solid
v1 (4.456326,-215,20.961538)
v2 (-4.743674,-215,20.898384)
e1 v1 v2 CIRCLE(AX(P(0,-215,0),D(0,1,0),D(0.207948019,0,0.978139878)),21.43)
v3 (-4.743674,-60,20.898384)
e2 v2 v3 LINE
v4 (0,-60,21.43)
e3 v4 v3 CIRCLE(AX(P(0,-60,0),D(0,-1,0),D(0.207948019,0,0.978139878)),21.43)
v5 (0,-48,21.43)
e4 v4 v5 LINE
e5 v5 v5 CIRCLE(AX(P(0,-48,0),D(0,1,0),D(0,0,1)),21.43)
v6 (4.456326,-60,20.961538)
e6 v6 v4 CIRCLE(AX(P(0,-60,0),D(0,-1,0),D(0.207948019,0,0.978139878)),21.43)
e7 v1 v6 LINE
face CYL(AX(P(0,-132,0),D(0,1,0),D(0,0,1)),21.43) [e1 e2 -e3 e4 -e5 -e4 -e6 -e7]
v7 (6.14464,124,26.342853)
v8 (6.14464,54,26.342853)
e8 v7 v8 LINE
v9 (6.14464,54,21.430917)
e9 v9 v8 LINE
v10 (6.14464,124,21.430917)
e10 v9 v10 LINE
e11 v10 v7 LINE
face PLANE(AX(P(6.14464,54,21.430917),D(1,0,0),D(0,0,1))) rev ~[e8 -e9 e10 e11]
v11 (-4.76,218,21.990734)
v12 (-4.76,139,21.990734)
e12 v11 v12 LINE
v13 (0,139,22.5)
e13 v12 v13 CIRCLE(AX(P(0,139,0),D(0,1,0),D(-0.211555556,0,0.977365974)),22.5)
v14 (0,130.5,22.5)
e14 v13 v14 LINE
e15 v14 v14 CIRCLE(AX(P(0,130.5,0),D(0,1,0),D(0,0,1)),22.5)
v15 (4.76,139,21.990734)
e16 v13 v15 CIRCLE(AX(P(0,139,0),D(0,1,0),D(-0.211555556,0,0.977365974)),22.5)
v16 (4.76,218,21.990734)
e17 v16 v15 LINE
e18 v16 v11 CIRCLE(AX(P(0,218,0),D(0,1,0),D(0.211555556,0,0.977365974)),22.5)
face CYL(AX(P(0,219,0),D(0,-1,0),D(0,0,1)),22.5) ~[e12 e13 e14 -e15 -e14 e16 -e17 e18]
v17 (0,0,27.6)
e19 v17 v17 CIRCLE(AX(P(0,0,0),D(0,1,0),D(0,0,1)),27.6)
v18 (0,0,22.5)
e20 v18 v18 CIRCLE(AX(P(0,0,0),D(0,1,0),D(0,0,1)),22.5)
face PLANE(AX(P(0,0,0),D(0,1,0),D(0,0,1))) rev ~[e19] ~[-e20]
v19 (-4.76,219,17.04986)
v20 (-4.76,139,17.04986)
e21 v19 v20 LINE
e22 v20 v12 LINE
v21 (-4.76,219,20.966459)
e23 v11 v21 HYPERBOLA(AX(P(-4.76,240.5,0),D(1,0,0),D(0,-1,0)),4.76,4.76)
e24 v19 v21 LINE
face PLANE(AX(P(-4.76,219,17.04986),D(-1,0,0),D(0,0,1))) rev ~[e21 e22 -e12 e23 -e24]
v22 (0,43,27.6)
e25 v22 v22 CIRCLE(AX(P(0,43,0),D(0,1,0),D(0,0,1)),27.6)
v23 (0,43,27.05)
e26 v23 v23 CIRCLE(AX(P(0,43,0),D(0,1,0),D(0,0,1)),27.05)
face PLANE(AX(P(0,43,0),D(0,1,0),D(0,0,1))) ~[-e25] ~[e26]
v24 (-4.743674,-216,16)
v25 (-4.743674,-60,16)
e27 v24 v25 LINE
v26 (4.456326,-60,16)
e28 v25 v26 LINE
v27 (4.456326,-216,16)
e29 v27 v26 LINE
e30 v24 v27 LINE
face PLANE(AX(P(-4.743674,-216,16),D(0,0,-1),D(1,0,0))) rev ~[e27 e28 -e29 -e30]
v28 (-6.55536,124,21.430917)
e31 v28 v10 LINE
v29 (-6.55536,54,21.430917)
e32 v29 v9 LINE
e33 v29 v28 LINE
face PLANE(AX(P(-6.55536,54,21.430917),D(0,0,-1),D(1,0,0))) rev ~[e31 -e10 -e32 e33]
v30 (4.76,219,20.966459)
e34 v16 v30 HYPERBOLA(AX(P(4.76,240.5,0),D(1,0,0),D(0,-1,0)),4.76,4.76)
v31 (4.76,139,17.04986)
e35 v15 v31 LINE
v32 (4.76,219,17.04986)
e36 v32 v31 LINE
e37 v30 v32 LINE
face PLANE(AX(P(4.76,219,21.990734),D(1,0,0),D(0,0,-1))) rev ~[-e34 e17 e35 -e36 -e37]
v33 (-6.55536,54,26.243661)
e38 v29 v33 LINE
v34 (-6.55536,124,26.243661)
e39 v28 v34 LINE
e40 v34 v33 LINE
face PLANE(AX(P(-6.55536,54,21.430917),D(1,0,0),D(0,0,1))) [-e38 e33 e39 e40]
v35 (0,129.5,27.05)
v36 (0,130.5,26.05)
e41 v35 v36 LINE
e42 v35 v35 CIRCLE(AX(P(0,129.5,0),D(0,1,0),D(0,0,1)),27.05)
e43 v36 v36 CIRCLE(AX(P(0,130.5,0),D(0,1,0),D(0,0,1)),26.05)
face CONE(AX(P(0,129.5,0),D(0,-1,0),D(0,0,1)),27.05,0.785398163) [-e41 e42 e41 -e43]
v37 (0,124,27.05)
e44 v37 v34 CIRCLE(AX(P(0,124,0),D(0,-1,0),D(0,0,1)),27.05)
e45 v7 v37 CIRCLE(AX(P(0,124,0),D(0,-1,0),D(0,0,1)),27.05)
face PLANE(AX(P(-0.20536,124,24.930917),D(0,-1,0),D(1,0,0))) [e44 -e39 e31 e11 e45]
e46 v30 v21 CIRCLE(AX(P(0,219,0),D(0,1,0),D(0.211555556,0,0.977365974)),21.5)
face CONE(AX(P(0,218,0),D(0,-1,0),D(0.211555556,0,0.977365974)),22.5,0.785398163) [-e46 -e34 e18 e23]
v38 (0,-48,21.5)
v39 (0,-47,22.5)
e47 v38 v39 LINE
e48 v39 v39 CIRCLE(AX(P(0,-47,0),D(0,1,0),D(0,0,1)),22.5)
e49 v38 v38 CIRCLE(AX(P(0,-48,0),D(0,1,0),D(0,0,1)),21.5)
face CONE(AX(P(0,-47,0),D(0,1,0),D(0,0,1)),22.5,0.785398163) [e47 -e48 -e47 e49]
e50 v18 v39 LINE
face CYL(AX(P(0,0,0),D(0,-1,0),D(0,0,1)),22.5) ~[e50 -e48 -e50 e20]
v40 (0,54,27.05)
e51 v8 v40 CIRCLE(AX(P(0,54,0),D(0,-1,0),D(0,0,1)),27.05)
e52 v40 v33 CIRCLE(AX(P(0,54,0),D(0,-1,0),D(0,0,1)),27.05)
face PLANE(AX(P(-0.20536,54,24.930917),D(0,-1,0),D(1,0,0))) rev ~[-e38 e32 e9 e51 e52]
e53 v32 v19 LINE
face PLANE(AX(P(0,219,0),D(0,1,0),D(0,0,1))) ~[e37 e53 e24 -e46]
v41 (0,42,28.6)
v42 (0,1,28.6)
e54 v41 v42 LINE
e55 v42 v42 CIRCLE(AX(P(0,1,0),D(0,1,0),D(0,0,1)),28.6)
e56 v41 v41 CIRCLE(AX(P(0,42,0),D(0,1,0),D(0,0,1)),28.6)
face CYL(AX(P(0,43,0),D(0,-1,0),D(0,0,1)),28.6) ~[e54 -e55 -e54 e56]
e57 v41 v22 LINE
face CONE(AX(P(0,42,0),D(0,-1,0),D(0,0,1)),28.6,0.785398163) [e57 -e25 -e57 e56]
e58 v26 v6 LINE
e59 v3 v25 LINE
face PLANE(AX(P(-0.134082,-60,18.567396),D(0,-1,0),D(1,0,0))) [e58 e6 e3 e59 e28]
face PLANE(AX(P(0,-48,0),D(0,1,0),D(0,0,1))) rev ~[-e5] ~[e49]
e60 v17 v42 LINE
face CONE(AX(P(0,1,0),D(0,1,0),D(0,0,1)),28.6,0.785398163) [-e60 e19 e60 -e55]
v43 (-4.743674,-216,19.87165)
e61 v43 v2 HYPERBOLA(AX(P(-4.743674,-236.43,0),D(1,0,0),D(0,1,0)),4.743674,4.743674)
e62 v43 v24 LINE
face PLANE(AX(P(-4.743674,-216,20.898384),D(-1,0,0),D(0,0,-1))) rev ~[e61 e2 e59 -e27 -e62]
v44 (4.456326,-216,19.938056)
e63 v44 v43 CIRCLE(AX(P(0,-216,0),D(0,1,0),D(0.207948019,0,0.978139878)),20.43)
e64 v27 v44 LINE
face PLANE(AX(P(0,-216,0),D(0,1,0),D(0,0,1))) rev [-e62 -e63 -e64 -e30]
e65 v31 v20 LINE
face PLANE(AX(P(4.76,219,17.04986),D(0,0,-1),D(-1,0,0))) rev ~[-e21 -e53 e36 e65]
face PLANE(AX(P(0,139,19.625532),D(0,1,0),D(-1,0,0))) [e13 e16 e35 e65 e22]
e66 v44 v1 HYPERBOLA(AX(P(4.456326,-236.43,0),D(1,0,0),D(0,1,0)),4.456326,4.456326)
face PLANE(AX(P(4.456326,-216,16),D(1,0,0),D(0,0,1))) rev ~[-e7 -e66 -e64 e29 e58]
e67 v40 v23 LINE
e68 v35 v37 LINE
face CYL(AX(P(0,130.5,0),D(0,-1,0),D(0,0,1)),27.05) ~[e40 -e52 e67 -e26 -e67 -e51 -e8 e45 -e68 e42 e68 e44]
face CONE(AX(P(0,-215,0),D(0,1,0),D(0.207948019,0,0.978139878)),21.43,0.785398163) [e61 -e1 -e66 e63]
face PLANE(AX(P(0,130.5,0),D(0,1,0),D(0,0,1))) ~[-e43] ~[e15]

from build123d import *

# Parameters (mm, degrees)
F0_W     = 168
F0_H     = 21.43
F0_W_2   = 44.5
F0_H_2   = 22.5
F0_W_3   = 44
F3_DEPTH = 156
F5_W     = 12.7
F5_H     = 7
F6_DEPTH = 70
F8_DEPTH = 80
F9_SIZE  = 1
F10_SIZE = 1
F11_SIZE = 1
F12_SIZE = 1


with BuildPart() as f1:
    # F0 (on Right) → F1 (revolve)
    with BuildSketch(Plane.YZ):
        with Locations((-132, 10.715)):
            Rectangle(F0_W, F0_H)
        Polygon((-48, 21.43), (-48, 0), (0, 0), (0, 22.5), (-48, 22.5), align=None)
        Polygon((0, 22.5), (0, 0), (43, 0), (43, 27.05), (43, 28.6), (0, 28.6), align=None)
        Polygon((43, 27.05), (43, 0), (130.5, 0), (130.5, 22.5), (130.5, 27.05), align=None)
        with Locations((152.75, 11.25)):
            Rectangle(F0_W_2, F0_H_2)
        with Locations((197, 11.25)):
            Rectangle(F0_W_3, F0_H_2)
    revolve(axis=Axis((0, 197, 0), (0, 1, 0)))

    # F2 (on face) → F3 (cut)
    with BuildSketch(Plane.XZ.offset(216)):
        with BuildLine():
            Line((-4.7436739586, 16), (4.4563260414, 16))
            Line((4.4563260414, 16), (4.4563260414, 20.9615375918))
            ThreePointArc((4.4563260414, 20.9615375918), (-0.1471030174, 21.4294951108), (-4.7436739586, 20.8983840852))
            Line((-4.7436739586, 20.8983840852), (-4.7436739586, 16))
        make_face()
    extrude(amount=-F3_DEPTH, mode=Mode.SUBTRACT)

    # F5 (on offset) → F6 (cut)
    with BuildSketch(Plane.XZ.offset(-54)):
        with Locations((-0.2053595381, 24.9309174805)):
            Rectangle(F5_W, F5_H)
    extrude(amount=-F6_DEPTH, mode=Mode.SUBTRACT)

    # F7 (on face) → F8 (cut)
    with BuildSketch(Plane(origin=(0, 219, 0), x_dir=(-1, 0, 0), z_dir=(0, 1, 0))):
        with BuildLine():
            ThreePointArc((4.76, 21.9907344125), (0, 22.5), (-4.76, 21.9907344125))
            Line((-4.76, 21.9907344125), (-4.76, 17.0498597833))
            Line((-4.76, 17.0498597833), (4.76, 17.0498597833))
            Line((4.76, 17.0498597833), (4.76, 21.9907344125))
        make_face()
    extrude(amount=-F8_DEPTH, mode=Mode.SUBTRACT)

    # F9
    f9_edges = [f1.edges().sort_by_distance(p)[0] for p in [
        (0.147103, -216, -21.429495),
    ]]
    chamfer(f9_edges, length=F9_SIZE)

    # F10
    f10_edges = [f1.edges().sort_by_distance(p)[0] for p in [
        (0, -48, -22.5),
    ]]
    chamfer(f10_edges, length=F10_SIZE)

    # F11
    f11_edges = [f1.edges().sort_by_distance(p)[0] for p in [
        (0, 0, -28.6),
        (0, 43, -28.6),
    ]]
    chamfer(f11_edges, length=F11_SIZE)

    # F12
    f12_edges = [f1.edges().sort_by_distance(p)[0] for p in [
        (0, 130.5, -27.05),
        (0, 219, -22.5),
    ]]
    chamfer(f12_edges, length=F12_SIZE)


solid = f1.part
